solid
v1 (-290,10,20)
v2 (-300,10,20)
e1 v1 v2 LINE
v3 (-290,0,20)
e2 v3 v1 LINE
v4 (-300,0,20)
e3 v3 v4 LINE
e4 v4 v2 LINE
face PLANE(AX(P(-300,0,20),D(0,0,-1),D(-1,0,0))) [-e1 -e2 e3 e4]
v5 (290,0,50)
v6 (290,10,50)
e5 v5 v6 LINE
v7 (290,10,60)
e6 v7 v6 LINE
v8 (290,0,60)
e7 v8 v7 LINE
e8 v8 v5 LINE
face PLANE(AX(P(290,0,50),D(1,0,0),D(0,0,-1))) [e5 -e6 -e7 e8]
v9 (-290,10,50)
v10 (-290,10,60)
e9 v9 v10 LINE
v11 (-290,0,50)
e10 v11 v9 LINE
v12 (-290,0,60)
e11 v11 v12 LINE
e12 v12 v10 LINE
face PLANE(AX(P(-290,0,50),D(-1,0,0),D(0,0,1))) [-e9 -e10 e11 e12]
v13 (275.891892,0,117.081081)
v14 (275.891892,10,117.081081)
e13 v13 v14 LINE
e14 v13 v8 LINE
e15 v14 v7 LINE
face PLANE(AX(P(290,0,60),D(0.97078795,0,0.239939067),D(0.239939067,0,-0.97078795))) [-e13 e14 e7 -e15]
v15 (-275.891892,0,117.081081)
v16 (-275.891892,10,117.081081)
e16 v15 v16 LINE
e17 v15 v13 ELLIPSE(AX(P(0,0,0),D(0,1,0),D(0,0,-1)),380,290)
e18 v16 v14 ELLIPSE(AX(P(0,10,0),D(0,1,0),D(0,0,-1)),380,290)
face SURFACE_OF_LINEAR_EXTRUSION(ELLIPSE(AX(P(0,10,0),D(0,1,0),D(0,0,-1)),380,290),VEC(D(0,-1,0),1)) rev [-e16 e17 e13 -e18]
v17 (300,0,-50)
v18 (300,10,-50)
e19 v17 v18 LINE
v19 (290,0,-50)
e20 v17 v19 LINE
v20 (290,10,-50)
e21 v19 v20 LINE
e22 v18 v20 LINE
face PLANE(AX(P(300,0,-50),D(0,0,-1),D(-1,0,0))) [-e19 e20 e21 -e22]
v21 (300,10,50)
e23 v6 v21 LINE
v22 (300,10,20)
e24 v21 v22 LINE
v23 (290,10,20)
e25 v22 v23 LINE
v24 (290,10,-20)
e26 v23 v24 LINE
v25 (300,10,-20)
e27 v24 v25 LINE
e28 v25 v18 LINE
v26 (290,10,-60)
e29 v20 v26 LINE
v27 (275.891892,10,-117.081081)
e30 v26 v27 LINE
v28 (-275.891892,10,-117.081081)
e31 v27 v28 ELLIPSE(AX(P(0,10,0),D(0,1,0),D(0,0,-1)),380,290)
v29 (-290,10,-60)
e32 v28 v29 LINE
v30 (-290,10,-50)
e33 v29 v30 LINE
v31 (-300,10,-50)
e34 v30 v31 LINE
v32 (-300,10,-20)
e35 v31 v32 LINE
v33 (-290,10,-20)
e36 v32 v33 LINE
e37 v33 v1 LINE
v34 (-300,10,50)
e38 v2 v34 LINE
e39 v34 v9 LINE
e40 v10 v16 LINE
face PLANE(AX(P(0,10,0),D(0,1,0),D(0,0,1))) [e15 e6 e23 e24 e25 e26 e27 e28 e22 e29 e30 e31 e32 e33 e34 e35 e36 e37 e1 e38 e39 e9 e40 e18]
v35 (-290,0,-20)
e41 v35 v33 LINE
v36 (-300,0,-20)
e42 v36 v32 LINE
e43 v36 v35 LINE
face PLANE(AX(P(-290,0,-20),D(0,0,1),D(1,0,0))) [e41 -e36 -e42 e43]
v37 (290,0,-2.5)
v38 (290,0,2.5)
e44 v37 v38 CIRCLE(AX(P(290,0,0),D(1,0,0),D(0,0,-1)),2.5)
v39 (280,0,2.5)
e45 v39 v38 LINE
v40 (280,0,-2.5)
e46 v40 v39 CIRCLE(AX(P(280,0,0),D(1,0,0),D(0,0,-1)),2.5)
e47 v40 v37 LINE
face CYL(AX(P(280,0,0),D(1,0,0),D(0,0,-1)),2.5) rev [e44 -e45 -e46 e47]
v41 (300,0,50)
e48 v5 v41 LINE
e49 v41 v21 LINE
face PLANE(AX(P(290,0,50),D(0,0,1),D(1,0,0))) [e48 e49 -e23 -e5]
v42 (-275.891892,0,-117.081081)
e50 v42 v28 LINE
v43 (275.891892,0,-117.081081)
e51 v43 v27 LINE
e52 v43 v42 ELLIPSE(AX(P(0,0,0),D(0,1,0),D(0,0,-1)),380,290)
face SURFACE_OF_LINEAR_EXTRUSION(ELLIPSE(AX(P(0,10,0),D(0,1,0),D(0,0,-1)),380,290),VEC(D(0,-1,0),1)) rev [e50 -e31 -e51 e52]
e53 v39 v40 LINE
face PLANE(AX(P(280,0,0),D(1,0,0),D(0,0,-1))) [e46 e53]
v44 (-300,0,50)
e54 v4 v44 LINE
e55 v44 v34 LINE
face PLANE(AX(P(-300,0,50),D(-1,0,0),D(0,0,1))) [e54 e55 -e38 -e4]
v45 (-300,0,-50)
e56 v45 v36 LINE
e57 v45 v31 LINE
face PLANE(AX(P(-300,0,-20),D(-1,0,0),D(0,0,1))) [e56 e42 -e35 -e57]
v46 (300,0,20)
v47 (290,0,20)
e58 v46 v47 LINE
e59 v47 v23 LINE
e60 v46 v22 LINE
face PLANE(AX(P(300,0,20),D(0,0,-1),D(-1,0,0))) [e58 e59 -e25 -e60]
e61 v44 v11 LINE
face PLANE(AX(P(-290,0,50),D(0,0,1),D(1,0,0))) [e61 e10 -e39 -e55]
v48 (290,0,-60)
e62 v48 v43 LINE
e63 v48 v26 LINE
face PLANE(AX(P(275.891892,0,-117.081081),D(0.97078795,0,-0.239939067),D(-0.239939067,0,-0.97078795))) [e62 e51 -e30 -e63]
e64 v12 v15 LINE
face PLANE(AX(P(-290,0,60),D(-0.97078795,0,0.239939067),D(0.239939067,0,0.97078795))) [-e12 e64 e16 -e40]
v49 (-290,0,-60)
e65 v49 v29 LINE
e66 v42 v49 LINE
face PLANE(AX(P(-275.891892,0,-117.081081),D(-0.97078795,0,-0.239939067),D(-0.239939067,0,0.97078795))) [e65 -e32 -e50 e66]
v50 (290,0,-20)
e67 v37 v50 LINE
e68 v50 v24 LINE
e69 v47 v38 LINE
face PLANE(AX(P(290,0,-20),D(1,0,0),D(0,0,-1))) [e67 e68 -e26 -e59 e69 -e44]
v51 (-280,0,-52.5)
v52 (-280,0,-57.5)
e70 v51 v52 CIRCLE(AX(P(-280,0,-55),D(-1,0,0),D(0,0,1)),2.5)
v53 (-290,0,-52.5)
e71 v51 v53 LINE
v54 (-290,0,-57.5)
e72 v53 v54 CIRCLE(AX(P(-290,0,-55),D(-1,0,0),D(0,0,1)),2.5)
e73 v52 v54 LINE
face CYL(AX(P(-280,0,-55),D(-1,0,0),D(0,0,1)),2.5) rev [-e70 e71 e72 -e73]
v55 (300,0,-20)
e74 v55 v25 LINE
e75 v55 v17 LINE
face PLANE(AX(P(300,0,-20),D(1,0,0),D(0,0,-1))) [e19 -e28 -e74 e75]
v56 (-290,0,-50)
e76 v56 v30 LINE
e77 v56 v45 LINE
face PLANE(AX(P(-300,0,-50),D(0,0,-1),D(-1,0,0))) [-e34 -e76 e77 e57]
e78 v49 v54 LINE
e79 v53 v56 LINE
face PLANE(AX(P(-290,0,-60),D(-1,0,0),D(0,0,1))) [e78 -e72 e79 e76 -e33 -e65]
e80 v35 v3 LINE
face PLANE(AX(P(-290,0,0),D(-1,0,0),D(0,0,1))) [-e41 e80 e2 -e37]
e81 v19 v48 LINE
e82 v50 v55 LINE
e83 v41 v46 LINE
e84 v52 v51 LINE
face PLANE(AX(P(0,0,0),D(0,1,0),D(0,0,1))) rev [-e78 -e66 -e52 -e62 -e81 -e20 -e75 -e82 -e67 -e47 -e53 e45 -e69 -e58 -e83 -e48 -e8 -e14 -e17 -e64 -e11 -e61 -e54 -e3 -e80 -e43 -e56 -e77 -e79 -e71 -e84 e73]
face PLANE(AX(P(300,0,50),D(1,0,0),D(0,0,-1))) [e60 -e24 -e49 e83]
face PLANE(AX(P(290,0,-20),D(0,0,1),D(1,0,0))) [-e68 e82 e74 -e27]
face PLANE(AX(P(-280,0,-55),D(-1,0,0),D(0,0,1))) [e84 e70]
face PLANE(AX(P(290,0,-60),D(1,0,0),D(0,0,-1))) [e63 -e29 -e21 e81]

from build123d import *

# Parameters (mm, degrees)
SKETCH1_RX          = 380
SKETCH1_RY          = 290
BOSS_EXTRUDE1_DEPTH = 10
BOSS_EXTRUDE2_DEPTH = 10
CUT_EXTRUDE1_DEPTH  = 10
CUT_EXTRUDE2_DEPTH  = 10


with BuildPart() as part:
    # Sketch1 → Boss-Extrude1 (new body)
    with BuildSketch(Plane(origin=(0, 0, 0), x_dir=(1, 0, 0), z_dir=(0, 1, 0))):
        with Locations(Location((0, 0), (0, 0, 90))):
            Ellipse(SKETCH1_RX, SKETCH1_RY)
    extrude(amount=BOSS_EXTRUDE1_DEPTH)

    # Sketch2 → Boss-Extrude2 (add)
    with BuildSketch(Plane(origin=(0, 10, 0), x_dir=(-1, 0, 0), z_dir=(0, 1, 0))):
        Polygon((-275.891891892, -117.081081081), (-290, -60), (-290, -50), (-300, -50), (-300, -20), (-290, -20), (-290, 0), (-290, 20), (-300, 20), (-300, 50), (-290, 50), (-290, 60), (-275.891891892, 117.081081081), align=None)
        Polygon((275.891891892, 117.081081081), (275.891891892, -117.081081081), (290, -60), (290, -50), (300, -50), (300, -20), (290, -20), (290, 0), (290, 20), (300, 20), (300, 50), (290, 50), (290, 60), align=None)
    extrude(amount=-BOSS_EXTRUDE2_DEPTH)

    # Sketch3 → Cut-Extrude1 (cut)
    with BuildSketch(Plane(origin=(290, 0, 0), x_dir=(0, 0, -1), z_dir=(1, 0, 0))):
        with BuildLine():
            Line((-2.5, 0), (2.5, 0))
            ThreePointArc((2.5, 0), (0, 2.5), (-2.5, 0))
        make_face()
    extrude(amount=-CUT_EXTRUDE1_DEPTH, mode=Mode.SUBTRACT)

    # Sketch4 → Cut-Extrude2 (cut)
    with BuildSketch(Plane.ZY.offset(290)):
        with BuildLine():
            Line((-57.5, 0), (-52.5, 0))
            ThreePointArc((-52.5, 0), (-55, 2.5), (-57.5, 0))
        make_face()
    extrude(amount=-CUT_EXTRUDE2_DEPTH, mode=Mode.SUBTRACT)


solid = part.part
